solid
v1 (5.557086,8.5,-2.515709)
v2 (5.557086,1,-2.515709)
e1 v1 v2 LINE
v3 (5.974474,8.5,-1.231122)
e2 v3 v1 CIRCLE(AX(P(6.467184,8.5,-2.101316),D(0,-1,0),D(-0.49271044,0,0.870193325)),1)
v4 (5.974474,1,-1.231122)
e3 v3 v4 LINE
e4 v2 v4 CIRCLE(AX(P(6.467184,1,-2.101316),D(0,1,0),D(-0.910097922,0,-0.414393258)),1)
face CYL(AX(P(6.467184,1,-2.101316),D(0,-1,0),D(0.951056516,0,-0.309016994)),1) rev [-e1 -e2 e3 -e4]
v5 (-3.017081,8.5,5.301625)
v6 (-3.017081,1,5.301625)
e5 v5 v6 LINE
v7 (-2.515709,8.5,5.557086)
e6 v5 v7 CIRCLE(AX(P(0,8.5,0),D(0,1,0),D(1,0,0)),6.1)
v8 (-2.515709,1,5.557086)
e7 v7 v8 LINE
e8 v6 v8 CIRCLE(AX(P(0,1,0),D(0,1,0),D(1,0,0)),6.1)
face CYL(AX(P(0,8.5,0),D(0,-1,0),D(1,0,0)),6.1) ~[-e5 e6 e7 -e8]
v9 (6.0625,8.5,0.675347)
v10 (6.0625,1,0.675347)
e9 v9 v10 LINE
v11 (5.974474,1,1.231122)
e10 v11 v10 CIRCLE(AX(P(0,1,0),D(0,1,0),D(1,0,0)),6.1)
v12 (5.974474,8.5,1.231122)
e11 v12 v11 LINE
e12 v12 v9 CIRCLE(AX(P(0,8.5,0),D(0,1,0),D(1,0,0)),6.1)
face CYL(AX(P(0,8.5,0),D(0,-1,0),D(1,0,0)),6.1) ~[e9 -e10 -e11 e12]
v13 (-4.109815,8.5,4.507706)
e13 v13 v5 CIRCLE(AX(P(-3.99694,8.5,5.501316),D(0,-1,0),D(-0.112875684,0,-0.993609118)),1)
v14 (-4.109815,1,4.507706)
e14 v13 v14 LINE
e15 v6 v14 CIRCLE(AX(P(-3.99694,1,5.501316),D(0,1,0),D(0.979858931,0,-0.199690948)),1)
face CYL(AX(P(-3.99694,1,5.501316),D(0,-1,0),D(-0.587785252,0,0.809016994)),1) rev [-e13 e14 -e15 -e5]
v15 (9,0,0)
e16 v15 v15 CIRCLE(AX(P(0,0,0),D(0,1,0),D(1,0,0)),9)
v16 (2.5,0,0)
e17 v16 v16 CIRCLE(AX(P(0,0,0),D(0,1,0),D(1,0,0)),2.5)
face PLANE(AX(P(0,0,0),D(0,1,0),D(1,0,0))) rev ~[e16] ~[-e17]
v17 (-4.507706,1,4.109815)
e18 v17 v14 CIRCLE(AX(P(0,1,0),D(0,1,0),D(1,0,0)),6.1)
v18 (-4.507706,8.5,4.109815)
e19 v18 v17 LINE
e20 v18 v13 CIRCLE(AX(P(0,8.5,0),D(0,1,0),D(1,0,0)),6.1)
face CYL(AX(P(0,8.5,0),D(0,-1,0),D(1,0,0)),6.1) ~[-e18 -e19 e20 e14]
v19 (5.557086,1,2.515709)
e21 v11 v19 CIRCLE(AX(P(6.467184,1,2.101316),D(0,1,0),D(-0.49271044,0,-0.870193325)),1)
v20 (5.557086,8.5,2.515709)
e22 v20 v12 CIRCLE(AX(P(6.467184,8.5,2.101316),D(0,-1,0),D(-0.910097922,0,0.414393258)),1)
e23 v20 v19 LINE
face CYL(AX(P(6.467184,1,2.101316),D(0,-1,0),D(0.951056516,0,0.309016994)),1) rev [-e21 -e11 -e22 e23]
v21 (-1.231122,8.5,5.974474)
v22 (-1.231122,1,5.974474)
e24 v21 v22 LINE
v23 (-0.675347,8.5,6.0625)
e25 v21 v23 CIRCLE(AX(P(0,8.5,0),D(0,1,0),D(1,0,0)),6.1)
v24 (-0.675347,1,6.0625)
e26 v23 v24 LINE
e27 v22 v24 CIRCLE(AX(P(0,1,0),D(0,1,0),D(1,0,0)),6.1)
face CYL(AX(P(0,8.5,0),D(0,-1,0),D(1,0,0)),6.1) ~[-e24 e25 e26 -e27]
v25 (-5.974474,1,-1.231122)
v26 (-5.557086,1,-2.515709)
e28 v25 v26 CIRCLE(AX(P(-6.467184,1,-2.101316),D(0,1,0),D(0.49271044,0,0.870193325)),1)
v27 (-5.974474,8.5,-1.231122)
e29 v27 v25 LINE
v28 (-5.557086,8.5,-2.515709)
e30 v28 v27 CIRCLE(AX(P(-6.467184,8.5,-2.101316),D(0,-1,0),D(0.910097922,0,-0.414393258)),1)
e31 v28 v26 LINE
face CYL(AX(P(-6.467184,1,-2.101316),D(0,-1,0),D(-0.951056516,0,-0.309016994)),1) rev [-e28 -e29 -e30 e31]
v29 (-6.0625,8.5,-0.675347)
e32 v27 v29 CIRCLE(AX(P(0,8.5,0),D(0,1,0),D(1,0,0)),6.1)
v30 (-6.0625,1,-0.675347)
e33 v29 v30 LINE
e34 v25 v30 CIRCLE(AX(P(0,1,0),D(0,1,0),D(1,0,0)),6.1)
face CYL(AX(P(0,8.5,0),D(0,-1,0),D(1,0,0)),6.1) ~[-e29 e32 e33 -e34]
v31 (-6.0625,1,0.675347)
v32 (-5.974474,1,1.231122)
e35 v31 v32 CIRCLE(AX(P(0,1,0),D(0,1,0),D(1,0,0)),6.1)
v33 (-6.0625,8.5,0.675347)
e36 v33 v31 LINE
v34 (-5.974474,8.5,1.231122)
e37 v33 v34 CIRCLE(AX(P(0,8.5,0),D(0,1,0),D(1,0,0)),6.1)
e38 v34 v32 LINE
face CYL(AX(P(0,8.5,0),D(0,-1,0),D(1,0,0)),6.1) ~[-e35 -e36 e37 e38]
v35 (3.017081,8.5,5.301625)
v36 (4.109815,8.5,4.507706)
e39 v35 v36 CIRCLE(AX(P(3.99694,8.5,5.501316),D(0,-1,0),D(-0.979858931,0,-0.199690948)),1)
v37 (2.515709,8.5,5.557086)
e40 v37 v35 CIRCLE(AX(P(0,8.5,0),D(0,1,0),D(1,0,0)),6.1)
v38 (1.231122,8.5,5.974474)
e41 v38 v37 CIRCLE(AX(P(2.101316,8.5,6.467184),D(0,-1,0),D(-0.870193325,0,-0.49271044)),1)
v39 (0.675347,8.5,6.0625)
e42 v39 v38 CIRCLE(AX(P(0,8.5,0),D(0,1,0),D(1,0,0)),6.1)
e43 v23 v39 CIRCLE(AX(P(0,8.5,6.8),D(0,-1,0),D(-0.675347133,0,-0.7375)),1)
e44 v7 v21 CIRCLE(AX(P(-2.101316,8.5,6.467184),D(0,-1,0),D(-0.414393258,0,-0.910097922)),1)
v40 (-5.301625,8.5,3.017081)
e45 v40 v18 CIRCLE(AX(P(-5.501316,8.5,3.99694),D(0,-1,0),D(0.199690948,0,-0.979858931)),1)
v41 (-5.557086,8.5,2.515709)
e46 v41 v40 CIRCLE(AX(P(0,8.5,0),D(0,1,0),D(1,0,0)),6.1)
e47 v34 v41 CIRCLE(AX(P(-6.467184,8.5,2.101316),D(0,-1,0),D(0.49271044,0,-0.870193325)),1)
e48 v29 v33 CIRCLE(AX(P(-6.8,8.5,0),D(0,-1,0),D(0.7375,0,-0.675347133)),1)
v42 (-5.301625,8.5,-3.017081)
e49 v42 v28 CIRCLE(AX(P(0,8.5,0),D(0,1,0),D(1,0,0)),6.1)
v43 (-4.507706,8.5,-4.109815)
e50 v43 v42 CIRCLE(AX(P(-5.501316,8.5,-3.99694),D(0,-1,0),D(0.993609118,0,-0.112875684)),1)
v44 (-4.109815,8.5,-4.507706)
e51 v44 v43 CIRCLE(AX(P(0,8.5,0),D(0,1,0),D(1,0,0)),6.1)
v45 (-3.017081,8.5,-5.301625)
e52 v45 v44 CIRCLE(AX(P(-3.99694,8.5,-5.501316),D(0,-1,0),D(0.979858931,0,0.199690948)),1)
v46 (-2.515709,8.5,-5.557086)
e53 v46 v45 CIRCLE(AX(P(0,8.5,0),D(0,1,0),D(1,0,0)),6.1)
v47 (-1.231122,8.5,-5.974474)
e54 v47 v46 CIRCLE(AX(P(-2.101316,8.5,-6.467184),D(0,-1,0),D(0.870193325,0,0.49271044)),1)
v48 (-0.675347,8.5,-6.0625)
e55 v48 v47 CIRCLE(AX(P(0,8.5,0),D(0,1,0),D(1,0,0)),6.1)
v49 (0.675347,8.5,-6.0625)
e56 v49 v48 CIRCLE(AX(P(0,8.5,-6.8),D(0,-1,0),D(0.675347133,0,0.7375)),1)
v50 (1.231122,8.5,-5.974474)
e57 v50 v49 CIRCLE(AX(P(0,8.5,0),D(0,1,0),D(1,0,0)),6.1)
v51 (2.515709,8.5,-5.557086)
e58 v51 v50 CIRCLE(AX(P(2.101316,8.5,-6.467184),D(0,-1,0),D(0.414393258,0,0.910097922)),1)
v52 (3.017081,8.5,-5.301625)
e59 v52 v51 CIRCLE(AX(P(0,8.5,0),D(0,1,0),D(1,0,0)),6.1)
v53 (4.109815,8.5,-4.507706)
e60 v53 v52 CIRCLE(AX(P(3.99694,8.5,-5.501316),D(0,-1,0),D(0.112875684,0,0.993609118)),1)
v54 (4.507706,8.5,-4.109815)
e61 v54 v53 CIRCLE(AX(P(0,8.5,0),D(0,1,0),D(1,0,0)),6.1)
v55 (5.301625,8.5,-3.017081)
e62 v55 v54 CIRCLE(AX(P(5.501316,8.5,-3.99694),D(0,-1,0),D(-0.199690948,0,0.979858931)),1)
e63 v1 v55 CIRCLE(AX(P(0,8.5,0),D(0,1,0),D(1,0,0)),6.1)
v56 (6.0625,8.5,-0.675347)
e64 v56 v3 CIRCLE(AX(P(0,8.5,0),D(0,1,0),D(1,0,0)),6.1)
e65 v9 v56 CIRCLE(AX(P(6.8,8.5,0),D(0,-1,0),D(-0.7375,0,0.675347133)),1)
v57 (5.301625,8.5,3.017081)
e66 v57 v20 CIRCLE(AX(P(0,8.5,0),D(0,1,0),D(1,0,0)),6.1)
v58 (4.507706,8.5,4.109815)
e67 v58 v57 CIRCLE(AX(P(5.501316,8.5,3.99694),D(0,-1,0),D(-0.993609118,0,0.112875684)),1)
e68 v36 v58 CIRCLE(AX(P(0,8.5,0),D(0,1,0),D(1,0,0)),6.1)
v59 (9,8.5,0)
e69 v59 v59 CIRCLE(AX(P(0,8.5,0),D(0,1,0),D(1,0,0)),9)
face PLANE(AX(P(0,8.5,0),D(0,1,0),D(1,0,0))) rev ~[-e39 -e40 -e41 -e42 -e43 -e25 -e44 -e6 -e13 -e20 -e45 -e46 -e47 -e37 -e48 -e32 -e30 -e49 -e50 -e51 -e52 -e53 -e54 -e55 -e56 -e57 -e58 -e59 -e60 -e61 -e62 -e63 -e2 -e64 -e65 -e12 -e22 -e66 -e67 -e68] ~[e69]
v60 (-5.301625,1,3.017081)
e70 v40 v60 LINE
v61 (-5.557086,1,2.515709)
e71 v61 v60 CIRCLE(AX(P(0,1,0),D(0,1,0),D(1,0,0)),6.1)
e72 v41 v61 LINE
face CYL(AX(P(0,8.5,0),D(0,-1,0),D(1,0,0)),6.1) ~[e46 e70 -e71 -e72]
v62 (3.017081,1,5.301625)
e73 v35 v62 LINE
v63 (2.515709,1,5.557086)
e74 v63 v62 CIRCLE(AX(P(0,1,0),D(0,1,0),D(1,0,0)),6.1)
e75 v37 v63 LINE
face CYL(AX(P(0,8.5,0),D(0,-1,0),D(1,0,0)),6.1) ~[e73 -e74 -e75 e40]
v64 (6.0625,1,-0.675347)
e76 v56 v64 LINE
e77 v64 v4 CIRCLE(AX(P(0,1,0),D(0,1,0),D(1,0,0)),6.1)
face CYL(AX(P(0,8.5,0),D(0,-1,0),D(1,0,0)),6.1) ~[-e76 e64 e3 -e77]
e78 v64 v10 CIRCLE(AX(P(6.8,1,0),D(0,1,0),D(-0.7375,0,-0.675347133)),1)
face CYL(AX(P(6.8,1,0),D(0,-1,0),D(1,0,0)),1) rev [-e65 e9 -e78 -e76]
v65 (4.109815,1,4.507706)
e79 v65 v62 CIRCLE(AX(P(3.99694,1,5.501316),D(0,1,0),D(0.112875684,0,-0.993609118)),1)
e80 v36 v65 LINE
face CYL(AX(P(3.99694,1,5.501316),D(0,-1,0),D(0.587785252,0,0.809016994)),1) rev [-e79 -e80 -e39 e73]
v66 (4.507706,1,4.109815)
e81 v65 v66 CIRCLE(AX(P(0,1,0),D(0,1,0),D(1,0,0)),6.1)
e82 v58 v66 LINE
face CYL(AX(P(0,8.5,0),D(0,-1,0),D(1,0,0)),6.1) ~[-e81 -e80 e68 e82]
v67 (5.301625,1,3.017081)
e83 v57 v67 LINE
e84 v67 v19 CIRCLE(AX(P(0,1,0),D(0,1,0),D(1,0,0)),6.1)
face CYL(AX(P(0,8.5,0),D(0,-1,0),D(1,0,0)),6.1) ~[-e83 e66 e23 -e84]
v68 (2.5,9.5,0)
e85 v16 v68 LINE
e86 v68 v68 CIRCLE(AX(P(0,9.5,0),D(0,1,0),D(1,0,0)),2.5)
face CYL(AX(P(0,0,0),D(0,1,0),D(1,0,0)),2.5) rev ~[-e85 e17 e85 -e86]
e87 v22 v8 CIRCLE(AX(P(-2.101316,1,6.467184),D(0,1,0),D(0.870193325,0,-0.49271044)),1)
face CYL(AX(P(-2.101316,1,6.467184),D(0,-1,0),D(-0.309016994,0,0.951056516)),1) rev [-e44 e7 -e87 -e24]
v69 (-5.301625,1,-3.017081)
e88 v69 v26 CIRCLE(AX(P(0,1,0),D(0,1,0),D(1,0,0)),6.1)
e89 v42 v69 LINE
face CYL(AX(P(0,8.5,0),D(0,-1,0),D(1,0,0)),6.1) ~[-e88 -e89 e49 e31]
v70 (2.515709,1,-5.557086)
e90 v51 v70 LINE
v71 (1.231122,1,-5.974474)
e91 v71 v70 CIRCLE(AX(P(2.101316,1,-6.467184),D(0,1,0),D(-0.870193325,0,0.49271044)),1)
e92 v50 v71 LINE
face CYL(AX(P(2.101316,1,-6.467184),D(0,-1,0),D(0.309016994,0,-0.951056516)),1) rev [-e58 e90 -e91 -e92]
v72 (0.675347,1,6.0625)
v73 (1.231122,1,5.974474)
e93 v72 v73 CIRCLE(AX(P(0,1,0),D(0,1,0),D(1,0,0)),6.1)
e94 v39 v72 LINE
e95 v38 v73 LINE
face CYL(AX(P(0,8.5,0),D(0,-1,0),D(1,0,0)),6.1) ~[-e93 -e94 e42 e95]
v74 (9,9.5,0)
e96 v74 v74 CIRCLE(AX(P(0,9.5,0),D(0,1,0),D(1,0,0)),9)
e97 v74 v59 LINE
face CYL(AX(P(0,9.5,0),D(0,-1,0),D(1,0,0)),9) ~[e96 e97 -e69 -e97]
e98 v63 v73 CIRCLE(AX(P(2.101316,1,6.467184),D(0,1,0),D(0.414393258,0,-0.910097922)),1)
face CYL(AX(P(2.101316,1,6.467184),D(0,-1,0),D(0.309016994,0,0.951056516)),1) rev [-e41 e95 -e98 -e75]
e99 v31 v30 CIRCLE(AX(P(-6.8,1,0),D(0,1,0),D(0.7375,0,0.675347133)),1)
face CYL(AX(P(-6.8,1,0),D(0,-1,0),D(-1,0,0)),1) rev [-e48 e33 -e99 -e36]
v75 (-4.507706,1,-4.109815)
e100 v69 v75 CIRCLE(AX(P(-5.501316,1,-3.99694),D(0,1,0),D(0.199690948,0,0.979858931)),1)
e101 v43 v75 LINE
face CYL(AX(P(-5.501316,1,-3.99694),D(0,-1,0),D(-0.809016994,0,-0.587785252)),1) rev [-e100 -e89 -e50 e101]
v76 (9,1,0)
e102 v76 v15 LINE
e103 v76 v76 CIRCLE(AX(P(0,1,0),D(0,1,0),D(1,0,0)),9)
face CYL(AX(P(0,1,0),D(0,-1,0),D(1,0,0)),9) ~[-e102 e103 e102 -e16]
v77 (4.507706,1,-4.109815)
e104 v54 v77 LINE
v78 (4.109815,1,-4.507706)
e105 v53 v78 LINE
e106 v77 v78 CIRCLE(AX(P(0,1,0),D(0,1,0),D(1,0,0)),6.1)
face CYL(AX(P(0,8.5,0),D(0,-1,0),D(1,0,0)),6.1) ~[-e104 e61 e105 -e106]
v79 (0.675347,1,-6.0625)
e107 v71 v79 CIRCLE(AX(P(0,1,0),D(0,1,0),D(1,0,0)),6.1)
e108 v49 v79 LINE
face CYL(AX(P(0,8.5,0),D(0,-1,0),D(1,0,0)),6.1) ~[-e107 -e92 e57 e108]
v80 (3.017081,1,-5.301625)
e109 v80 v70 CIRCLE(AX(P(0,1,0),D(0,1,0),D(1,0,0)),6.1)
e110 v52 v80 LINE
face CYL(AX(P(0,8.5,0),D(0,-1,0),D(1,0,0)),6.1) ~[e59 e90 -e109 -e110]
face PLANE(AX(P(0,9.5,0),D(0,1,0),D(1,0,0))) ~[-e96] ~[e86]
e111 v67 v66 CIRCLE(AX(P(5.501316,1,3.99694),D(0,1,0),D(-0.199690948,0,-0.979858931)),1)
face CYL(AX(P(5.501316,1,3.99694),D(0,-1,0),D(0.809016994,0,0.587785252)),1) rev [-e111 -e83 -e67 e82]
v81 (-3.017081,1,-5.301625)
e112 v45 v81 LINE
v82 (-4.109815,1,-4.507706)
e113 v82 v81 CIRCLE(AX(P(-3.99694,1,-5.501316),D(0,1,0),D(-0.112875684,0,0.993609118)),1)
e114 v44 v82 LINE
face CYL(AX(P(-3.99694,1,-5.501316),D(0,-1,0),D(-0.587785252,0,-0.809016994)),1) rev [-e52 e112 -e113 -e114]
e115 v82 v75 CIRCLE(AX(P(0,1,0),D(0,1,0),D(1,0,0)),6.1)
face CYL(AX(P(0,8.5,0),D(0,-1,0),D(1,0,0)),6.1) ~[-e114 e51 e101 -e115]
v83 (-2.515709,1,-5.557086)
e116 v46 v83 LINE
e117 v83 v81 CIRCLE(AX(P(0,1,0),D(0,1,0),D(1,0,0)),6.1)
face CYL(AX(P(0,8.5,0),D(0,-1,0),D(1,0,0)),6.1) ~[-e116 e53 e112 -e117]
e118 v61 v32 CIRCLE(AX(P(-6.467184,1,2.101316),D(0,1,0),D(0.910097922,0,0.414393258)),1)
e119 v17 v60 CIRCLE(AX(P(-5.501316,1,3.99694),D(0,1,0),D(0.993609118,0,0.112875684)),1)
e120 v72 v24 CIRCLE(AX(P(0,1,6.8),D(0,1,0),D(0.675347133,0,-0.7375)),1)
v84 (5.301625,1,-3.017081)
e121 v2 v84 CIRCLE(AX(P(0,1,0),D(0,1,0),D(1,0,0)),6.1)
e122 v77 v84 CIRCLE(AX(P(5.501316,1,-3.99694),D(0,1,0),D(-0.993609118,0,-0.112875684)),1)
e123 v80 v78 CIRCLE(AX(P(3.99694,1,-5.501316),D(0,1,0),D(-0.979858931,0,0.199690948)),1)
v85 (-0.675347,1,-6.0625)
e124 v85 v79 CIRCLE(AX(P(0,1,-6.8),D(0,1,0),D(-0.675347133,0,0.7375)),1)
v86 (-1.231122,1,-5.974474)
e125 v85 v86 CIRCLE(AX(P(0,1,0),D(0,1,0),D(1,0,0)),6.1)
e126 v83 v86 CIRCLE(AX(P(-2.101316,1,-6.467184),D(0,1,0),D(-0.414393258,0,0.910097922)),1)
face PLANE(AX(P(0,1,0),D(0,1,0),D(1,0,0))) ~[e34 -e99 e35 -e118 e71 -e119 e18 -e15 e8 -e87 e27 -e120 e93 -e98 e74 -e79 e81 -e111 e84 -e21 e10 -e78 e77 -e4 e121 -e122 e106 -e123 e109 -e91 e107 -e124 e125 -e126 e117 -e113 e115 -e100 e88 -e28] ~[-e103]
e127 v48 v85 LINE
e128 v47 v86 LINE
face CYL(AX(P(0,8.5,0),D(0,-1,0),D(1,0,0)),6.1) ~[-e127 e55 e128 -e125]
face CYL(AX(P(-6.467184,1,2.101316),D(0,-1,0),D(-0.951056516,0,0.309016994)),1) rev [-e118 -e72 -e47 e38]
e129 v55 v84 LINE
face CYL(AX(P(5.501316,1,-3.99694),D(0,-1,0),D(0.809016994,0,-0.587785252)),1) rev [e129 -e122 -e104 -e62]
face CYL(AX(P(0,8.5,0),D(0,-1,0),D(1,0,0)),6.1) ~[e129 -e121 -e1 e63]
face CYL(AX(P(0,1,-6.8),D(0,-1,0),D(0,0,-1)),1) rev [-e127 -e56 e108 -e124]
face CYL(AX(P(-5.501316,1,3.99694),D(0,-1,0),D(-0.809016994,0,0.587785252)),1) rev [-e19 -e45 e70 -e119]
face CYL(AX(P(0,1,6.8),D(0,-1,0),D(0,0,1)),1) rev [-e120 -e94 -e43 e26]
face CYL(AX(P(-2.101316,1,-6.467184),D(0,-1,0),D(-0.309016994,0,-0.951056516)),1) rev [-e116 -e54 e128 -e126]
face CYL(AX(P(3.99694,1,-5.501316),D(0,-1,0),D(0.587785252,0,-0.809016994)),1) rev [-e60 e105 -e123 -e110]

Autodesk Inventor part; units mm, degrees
ref_plane "YZ Plane" through (0, 0, 0) normal (1, 0, 0) x (0, 1, 0)
ref_plane "XZ Plane" through (0, 0, 0) normal (0, 1, 0) x (-1, 0, 0)
ref_plane "XY Plane" through (0, 0, 0) normal (0, 0, 1) x (1, 0, 0)
sketch "Sketch1" plane through (0, 0, 0) normal (0, 0, 1) x (1, 0, 0)
  line L0 (0, 0) -> (0, 9.5) construction
  line L1 (0, 9.5) -> (2.5, 9.5) construction
  line L2 (2.5, 9.5) -> (9, 9.5)
  line L3 (9, 9.5) -> (9, 8.5)
  line L4 (9, 8.5) -> (6.1, 8.5)
  line L5 (6.1, 8.5) -> (6.1, 1)
  line L6 (6.1, 1) -> (9, 1)
  line L7 (9, 1) -> (9, 0)
  line L8 (9, 0) -> (2.5, 0)
  line L9 (2.5, 0) -> (2.5, 9.5)
  dimension "d0" = 2.5
  dimension "d1" = 7.5
  dimension "d2" = 1
  dimension "d3" = 9
  dimension "d4" = 1
  dimension "d6" = 6.1
revolve "Revolution1" add sketch "Sketch1" angle 360 about axis through (0, 0, 0) along (0, 1, 0)
sketch "Sketch2" plane through (0, 1, 0) normal (0, 1, 0) x (1, 0, 0)
  line L0 (0, 0) -> (6.8, 0)
  circle A0 centre (6.8, 0) radius 1
  dimension "d8" = 6.8
  dimension "d9" = 2
extrude "Extrusion1" cut sketch "Sketch2" along normal up to surface (7.5 mm away)
pattern_circular "Circular Pattern1" count 20 over 360 about axis through (0, 4.75, 0) along (0, -1, 0) of "Extrusion1"
properties part number "20t GT2 Idler"
